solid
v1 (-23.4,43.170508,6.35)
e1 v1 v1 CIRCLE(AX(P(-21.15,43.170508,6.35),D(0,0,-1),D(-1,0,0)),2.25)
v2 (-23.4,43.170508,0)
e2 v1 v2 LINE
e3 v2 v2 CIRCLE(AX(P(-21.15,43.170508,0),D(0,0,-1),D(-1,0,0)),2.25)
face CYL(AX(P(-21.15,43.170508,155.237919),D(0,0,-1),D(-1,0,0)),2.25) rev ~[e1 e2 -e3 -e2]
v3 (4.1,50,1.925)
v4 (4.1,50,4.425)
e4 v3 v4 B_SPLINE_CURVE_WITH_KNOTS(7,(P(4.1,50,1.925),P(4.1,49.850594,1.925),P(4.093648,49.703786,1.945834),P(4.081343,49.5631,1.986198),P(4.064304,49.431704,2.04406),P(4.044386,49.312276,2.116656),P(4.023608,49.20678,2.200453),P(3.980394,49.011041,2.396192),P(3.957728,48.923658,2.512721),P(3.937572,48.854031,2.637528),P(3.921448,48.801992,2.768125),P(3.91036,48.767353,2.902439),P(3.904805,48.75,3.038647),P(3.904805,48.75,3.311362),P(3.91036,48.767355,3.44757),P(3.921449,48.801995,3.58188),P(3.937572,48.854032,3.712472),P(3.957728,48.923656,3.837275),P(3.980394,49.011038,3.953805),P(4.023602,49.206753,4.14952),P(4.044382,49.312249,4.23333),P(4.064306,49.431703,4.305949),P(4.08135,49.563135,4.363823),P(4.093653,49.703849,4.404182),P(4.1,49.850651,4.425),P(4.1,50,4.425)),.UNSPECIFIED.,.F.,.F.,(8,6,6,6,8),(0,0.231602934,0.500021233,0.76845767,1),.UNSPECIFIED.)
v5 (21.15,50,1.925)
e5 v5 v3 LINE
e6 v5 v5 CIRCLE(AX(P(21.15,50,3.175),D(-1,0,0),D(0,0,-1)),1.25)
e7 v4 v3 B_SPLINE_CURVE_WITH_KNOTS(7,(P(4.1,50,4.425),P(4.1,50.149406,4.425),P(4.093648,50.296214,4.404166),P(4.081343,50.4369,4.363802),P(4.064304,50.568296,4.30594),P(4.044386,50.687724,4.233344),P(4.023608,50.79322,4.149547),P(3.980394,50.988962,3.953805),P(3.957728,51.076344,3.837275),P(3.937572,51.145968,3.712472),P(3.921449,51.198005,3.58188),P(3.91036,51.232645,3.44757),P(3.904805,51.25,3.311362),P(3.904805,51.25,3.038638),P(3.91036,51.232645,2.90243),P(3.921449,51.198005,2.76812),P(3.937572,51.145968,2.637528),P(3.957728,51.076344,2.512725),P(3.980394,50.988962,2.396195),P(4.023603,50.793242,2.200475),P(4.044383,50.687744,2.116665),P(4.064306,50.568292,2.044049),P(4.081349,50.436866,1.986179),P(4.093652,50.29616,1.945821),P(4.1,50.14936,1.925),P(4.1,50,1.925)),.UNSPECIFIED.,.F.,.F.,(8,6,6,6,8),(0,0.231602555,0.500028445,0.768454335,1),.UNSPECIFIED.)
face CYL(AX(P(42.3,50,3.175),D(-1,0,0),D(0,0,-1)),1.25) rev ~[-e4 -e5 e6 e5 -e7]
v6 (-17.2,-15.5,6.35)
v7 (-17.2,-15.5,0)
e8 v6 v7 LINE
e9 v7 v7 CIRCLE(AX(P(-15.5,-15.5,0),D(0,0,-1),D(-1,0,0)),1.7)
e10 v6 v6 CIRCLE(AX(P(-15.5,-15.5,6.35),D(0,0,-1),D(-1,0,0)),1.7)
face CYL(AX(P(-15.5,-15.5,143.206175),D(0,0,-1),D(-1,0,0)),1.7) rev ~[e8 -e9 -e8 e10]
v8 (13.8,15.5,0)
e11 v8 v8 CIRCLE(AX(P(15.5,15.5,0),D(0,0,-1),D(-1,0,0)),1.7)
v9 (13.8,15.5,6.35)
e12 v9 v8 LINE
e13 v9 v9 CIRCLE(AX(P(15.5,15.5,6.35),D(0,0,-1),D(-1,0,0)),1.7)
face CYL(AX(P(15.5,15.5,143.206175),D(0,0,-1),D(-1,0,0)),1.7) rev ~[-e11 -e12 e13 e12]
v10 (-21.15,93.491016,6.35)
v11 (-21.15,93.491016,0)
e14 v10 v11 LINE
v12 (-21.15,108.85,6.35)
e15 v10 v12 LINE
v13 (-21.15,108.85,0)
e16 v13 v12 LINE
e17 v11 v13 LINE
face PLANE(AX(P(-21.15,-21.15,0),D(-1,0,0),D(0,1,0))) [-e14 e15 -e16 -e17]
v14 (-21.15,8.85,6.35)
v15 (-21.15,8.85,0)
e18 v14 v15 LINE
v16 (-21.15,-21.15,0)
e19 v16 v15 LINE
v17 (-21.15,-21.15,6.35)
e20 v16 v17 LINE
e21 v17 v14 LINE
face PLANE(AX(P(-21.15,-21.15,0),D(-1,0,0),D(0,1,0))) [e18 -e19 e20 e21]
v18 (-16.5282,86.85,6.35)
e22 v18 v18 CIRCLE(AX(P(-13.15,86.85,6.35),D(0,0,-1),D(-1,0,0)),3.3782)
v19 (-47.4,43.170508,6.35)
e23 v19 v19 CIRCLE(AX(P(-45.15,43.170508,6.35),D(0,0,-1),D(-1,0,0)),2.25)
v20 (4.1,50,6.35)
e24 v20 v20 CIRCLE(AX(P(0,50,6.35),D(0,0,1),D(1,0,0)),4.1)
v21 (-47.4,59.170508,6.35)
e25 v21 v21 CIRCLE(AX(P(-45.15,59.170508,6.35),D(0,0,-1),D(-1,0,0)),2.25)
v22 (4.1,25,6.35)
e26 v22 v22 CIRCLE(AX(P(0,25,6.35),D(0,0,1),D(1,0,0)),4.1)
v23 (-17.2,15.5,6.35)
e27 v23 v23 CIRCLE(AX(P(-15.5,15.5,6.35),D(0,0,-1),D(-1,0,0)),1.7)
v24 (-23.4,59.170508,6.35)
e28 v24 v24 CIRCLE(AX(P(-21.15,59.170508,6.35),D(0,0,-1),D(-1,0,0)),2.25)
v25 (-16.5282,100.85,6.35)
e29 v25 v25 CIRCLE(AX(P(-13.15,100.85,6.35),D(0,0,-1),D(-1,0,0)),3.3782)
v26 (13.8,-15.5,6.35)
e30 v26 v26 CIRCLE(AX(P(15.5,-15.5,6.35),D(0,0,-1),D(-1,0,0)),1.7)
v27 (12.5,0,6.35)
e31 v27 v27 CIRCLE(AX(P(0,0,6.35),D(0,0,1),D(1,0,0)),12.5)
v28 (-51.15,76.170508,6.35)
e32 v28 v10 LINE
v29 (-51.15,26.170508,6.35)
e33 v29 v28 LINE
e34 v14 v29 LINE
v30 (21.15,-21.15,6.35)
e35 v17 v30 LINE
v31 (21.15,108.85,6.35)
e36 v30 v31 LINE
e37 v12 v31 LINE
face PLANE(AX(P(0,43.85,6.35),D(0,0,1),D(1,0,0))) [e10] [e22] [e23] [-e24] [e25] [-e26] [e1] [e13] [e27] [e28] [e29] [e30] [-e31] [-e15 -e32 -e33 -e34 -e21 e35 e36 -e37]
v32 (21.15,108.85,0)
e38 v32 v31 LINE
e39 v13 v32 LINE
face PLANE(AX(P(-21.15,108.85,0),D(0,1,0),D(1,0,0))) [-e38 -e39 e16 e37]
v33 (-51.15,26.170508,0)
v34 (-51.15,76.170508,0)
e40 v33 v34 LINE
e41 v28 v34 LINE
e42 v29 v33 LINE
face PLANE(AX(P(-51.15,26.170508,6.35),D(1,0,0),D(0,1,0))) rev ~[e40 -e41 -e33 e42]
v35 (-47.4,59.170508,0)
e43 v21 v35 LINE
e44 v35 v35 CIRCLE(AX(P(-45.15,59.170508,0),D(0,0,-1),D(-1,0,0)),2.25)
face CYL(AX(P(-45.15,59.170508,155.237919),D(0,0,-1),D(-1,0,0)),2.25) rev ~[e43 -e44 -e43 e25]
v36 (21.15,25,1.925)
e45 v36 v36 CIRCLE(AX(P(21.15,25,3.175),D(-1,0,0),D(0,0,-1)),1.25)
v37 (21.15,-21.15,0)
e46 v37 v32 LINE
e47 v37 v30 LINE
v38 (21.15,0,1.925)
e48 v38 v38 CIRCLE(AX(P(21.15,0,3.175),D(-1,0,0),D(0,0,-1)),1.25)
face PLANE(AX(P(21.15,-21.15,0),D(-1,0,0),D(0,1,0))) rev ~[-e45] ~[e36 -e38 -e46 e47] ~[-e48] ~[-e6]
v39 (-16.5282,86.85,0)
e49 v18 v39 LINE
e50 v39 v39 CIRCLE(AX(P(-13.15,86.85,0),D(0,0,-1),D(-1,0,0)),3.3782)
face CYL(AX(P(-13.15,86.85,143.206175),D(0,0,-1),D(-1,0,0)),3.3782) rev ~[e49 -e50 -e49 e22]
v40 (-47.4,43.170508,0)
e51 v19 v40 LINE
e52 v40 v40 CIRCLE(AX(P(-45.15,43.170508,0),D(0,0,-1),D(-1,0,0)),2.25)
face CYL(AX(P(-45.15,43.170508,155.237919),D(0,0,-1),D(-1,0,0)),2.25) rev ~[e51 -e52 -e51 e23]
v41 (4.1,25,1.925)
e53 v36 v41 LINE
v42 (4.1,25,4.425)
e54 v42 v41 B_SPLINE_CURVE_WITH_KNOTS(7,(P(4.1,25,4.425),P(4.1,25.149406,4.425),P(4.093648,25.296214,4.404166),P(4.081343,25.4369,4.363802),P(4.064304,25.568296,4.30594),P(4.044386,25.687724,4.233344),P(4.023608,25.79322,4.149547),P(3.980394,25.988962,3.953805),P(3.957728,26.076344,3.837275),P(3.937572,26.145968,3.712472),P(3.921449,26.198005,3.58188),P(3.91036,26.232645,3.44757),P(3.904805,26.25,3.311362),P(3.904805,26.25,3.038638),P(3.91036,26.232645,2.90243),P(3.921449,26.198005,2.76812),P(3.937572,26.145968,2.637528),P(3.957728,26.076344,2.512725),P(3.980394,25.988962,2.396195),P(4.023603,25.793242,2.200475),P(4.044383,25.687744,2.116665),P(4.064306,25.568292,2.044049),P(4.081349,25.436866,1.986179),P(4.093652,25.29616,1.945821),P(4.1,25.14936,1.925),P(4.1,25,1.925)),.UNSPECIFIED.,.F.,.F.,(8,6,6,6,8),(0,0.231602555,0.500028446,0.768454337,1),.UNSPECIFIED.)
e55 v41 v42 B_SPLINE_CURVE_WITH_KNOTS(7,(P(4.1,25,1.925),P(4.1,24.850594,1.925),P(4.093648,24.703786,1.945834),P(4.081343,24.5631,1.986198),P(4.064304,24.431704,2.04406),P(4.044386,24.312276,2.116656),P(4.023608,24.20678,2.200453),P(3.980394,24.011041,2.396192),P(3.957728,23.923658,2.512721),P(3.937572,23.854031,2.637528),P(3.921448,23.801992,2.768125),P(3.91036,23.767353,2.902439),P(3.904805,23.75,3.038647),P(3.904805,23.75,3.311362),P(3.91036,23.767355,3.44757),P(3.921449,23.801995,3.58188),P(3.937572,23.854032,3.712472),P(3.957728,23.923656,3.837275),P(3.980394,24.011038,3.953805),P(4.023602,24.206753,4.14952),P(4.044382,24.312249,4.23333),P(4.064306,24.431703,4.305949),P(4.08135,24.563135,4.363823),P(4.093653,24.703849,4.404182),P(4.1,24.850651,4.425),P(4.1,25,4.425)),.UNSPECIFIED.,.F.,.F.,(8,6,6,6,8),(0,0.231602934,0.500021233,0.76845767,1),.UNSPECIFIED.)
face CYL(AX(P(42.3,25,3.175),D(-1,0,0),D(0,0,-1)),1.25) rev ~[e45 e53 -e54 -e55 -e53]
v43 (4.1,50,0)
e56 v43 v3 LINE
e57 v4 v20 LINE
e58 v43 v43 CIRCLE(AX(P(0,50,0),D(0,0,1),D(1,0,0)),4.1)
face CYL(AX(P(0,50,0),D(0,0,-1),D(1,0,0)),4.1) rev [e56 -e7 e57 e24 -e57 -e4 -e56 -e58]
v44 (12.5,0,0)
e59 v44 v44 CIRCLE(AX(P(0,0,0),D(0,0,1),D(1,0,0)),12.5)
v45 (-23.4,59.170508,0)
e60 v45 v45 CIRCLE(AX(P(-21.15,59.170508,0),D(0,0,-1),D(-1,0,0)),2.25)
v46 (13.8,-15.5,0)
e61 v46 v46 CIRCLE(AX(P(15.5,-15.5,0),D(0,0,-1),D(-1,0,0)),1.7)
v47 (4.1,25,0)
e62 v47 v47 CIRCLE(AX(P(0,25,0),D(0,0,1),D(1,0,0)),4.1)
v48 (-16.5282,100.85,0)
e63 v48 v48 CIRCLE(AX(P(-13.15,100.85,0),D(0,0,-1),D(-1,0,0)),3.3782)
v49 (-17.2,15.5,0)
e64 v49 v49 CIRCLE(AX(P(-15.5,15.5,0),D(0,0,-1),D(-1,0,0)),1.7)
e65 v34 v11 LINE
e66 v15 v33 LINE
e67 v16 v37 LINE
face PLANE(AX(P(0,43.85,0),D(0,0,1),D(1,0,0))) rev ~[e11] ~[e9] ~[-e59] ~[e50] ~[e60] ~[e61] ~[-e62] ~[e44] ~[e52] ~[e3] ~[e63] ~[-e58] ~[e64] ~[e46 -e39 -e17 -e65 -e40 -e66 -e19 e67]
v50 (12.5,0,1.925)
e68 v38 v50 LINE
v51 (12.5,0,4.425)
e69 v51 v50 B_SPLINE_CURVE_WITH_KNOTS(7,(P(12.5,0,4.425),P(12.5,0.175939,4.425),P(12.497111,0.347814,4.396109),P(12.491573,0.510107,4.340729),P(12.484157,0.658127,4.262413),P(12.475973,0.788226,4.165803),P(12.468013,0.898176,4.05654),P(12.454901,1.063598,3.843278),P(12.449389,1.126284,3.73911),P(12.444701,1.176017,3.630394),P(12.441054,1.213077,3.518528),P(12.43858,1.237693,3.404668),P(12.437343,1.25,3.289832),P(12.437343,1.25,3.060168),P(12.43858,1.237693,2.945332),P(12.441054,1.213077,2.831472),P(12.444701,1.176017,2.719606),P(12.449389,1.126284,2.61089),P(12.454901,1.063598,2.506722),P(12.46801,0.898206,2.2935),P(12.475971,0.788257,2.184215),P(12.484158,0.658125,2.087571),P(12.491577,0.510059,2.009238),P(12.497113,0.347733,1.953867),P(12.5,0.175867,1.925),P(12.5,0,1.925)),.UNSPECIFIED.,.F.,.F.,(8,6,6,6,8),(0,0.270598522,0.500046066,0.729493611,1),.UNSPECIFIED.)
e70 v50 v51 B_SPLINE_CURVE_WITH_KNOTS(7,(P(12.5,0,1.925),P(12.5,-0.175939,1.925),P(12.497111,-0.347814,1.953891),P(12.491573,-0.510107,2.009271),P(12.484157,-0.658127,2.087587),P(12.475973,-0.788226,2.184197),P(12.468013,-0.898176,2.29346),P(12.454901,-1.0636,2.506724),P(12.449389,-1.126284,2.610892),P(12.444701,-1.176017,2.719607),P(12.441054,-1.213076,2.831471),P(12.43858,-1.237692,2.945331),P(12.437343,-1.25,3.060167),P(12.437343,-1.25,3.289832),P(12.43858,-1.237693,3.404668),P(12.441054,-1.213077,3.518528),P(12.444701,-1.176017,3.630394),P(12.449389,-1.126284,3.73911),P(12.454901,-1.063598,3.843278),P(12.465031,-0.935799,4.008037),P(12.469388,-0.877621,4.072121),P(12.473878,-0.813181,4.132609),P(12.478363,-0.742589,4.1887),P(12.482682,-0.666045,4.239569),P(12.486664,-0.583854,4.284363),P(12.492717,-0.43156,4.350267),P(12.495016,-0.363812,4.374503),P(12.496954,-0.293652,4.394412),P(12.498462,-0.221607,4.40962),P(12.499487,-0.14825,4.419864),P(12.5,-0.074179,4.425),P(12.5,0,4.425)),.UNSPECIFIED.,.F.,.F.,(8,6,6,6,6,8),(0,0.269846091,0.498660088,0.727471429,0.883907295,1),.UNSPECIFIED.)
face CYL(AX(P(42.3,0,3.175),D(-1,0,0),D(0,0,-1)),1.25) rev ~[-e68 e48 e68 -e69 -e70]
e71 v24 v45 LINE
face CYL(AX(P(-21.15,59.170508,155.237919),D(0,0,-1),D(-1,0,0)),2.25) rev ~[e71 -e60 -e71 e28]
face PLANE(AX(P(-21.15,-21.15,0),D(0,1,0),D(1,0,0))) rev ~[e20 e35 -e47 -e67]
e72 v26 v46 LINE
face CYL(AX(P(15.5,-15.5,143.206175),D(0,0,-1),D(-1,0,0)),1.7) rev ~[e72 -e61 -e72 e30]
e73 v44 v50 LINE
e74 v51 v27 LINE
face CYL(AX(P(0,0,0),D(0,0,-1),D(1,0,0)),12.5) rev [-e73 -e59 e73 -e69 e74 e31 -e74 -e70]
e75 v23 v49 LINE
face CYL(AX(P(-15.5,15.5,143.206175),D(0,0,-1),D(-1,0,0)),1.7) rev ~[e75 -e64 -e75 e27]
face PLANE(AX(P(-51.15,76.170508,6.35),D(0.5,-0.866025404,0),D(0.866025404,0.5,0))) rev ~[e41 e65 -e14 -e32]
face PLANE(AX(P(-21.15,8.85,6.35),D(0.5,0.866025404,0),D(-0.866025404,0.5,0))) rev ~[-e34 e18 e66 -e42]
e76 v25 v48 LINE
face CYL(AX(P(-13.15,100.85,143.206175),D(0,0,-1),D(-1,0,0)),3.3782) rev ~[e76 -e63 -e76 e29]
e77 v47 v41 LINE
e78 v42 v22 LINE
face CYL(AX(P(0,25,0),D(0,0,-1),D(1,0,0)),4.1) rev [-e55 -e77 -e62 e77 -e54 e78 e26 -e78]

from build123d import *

# Parameters (mm, degrees)
SKETCH2_W                       = 42.3
SKETCH2_H                       = 130
SKETCH2_R                       = 12.5
SKETCH2_R_2                     = 4.1
BOSS_EXTRUDE1_DEPTH             = 6.35
TAP_DRILL_FOR_M3X0_5_TAP1_D     = 2.5
TAP_DRILL_FOR_M3X0_5_TAP1_DEPTH = 21.15
TAP_DRILL_FOR_M3X0_5_TAP1_TIP   = 0.751075774
M3_CLEARANCE_HOLE1_D            = 3.4
F_1_4_CLEARANCE_HOLE1_D         = 6.7564
BOSS_EXTRUDE2_DEPTH             = 6.35
M4_CLEARANCE_HOLE1_D            = 4.5


with BuildPart() as part:
    # Sketch2 → Boss-Extrude1 (new body)
    with BuildSketch(Plane.XY):
        with Locations((0, 43.85)):
            Rectangle(SKETCH2_W, SKETCH2_H)
        Circle(SKETCH2_R, mode=Mode.SUBTRACT)
        with Locations((0, 25)):
            Circle(SKETCH2_R_2, mode=Mode.SUBTRACT)
        with Locations((0, 50)):
            Circle(SKETCH2_R_2, mode=Mode.SUBTRACT)
    extrude(amount=BOSS_EXTRUDE1_DEPTH)

    # Tap Drill for M3x0.5 Tap1
    with Locations(Plane(origin=(21.15, 0, 0), x_dir=(0, 0, 1), z_dir=(1, 0, 0))):
        with Locations((3.175, -50), (3.175, 0), (3.175, -25)):
            Hole(TAP_DRILL_FOR_M3X0_5_TAP1_D / 2, depth=TAP_DRILL_FOR_M3X0_5_TAP1_DEPTH)
            with Locations((0, 0, -(TAP_DRILL_FOR_M3X0_5_TAP1_DEPTH + TAP_DRILL_FOR_M3X0_5_TAP1_TIP / 2))):  # 118° drill point
                Cone(0, TAP_DRILL_FOR_M3X0_5_TAP1_D / 2, TAP_DRILL_FOR_M3X0_5_TAP1_TIP, mode=Mode.SUBTRACT)

    # M3 Clearance Hole1 (through all)
    with Locations(Plane.XY.offset(6.35)):
        with Locations((-15.5, 15.5), (-15.5, -15.5), (15.5, -15.5), (15.5, 15.5)):
            Hole(M3_CLEARANCE_HOLE1_D / 2)

    # 1/4 Clearance Hole1 (through all)
    with Locations(Plane.XY.offset(6.35)):
        with Locations((-13.15, 86.85), (-13.15, 100.85)):
            Hole(F_1_4_CLEARANCE_HOLE1_D / 2)

    # Sketch13 → Boss-Extrude2 (add)
    with BuildSketch(Plane.XY.offset(6.35)):
        Polygon((-21.15, 8.85), (-51.15, 26.170508076), (-51.15, 76.170508076), (-21.15, 93.491016151), align=None)
    extrude(amount=-BOSS_EXTRUDE2_DEPTH)

    # M4 Clearance Hole1 (through all)
    with Locations(Plane.XY.offset(6.35)):
        with Locations((-45.15, 59.170508076), (-21.15, 59.170508076), (-21.15, 43.170508076), (-45.15, 43.170508076)):
            Hole(M4_CLEARANCE_HOLE1_D / 2)


solid = part.part
